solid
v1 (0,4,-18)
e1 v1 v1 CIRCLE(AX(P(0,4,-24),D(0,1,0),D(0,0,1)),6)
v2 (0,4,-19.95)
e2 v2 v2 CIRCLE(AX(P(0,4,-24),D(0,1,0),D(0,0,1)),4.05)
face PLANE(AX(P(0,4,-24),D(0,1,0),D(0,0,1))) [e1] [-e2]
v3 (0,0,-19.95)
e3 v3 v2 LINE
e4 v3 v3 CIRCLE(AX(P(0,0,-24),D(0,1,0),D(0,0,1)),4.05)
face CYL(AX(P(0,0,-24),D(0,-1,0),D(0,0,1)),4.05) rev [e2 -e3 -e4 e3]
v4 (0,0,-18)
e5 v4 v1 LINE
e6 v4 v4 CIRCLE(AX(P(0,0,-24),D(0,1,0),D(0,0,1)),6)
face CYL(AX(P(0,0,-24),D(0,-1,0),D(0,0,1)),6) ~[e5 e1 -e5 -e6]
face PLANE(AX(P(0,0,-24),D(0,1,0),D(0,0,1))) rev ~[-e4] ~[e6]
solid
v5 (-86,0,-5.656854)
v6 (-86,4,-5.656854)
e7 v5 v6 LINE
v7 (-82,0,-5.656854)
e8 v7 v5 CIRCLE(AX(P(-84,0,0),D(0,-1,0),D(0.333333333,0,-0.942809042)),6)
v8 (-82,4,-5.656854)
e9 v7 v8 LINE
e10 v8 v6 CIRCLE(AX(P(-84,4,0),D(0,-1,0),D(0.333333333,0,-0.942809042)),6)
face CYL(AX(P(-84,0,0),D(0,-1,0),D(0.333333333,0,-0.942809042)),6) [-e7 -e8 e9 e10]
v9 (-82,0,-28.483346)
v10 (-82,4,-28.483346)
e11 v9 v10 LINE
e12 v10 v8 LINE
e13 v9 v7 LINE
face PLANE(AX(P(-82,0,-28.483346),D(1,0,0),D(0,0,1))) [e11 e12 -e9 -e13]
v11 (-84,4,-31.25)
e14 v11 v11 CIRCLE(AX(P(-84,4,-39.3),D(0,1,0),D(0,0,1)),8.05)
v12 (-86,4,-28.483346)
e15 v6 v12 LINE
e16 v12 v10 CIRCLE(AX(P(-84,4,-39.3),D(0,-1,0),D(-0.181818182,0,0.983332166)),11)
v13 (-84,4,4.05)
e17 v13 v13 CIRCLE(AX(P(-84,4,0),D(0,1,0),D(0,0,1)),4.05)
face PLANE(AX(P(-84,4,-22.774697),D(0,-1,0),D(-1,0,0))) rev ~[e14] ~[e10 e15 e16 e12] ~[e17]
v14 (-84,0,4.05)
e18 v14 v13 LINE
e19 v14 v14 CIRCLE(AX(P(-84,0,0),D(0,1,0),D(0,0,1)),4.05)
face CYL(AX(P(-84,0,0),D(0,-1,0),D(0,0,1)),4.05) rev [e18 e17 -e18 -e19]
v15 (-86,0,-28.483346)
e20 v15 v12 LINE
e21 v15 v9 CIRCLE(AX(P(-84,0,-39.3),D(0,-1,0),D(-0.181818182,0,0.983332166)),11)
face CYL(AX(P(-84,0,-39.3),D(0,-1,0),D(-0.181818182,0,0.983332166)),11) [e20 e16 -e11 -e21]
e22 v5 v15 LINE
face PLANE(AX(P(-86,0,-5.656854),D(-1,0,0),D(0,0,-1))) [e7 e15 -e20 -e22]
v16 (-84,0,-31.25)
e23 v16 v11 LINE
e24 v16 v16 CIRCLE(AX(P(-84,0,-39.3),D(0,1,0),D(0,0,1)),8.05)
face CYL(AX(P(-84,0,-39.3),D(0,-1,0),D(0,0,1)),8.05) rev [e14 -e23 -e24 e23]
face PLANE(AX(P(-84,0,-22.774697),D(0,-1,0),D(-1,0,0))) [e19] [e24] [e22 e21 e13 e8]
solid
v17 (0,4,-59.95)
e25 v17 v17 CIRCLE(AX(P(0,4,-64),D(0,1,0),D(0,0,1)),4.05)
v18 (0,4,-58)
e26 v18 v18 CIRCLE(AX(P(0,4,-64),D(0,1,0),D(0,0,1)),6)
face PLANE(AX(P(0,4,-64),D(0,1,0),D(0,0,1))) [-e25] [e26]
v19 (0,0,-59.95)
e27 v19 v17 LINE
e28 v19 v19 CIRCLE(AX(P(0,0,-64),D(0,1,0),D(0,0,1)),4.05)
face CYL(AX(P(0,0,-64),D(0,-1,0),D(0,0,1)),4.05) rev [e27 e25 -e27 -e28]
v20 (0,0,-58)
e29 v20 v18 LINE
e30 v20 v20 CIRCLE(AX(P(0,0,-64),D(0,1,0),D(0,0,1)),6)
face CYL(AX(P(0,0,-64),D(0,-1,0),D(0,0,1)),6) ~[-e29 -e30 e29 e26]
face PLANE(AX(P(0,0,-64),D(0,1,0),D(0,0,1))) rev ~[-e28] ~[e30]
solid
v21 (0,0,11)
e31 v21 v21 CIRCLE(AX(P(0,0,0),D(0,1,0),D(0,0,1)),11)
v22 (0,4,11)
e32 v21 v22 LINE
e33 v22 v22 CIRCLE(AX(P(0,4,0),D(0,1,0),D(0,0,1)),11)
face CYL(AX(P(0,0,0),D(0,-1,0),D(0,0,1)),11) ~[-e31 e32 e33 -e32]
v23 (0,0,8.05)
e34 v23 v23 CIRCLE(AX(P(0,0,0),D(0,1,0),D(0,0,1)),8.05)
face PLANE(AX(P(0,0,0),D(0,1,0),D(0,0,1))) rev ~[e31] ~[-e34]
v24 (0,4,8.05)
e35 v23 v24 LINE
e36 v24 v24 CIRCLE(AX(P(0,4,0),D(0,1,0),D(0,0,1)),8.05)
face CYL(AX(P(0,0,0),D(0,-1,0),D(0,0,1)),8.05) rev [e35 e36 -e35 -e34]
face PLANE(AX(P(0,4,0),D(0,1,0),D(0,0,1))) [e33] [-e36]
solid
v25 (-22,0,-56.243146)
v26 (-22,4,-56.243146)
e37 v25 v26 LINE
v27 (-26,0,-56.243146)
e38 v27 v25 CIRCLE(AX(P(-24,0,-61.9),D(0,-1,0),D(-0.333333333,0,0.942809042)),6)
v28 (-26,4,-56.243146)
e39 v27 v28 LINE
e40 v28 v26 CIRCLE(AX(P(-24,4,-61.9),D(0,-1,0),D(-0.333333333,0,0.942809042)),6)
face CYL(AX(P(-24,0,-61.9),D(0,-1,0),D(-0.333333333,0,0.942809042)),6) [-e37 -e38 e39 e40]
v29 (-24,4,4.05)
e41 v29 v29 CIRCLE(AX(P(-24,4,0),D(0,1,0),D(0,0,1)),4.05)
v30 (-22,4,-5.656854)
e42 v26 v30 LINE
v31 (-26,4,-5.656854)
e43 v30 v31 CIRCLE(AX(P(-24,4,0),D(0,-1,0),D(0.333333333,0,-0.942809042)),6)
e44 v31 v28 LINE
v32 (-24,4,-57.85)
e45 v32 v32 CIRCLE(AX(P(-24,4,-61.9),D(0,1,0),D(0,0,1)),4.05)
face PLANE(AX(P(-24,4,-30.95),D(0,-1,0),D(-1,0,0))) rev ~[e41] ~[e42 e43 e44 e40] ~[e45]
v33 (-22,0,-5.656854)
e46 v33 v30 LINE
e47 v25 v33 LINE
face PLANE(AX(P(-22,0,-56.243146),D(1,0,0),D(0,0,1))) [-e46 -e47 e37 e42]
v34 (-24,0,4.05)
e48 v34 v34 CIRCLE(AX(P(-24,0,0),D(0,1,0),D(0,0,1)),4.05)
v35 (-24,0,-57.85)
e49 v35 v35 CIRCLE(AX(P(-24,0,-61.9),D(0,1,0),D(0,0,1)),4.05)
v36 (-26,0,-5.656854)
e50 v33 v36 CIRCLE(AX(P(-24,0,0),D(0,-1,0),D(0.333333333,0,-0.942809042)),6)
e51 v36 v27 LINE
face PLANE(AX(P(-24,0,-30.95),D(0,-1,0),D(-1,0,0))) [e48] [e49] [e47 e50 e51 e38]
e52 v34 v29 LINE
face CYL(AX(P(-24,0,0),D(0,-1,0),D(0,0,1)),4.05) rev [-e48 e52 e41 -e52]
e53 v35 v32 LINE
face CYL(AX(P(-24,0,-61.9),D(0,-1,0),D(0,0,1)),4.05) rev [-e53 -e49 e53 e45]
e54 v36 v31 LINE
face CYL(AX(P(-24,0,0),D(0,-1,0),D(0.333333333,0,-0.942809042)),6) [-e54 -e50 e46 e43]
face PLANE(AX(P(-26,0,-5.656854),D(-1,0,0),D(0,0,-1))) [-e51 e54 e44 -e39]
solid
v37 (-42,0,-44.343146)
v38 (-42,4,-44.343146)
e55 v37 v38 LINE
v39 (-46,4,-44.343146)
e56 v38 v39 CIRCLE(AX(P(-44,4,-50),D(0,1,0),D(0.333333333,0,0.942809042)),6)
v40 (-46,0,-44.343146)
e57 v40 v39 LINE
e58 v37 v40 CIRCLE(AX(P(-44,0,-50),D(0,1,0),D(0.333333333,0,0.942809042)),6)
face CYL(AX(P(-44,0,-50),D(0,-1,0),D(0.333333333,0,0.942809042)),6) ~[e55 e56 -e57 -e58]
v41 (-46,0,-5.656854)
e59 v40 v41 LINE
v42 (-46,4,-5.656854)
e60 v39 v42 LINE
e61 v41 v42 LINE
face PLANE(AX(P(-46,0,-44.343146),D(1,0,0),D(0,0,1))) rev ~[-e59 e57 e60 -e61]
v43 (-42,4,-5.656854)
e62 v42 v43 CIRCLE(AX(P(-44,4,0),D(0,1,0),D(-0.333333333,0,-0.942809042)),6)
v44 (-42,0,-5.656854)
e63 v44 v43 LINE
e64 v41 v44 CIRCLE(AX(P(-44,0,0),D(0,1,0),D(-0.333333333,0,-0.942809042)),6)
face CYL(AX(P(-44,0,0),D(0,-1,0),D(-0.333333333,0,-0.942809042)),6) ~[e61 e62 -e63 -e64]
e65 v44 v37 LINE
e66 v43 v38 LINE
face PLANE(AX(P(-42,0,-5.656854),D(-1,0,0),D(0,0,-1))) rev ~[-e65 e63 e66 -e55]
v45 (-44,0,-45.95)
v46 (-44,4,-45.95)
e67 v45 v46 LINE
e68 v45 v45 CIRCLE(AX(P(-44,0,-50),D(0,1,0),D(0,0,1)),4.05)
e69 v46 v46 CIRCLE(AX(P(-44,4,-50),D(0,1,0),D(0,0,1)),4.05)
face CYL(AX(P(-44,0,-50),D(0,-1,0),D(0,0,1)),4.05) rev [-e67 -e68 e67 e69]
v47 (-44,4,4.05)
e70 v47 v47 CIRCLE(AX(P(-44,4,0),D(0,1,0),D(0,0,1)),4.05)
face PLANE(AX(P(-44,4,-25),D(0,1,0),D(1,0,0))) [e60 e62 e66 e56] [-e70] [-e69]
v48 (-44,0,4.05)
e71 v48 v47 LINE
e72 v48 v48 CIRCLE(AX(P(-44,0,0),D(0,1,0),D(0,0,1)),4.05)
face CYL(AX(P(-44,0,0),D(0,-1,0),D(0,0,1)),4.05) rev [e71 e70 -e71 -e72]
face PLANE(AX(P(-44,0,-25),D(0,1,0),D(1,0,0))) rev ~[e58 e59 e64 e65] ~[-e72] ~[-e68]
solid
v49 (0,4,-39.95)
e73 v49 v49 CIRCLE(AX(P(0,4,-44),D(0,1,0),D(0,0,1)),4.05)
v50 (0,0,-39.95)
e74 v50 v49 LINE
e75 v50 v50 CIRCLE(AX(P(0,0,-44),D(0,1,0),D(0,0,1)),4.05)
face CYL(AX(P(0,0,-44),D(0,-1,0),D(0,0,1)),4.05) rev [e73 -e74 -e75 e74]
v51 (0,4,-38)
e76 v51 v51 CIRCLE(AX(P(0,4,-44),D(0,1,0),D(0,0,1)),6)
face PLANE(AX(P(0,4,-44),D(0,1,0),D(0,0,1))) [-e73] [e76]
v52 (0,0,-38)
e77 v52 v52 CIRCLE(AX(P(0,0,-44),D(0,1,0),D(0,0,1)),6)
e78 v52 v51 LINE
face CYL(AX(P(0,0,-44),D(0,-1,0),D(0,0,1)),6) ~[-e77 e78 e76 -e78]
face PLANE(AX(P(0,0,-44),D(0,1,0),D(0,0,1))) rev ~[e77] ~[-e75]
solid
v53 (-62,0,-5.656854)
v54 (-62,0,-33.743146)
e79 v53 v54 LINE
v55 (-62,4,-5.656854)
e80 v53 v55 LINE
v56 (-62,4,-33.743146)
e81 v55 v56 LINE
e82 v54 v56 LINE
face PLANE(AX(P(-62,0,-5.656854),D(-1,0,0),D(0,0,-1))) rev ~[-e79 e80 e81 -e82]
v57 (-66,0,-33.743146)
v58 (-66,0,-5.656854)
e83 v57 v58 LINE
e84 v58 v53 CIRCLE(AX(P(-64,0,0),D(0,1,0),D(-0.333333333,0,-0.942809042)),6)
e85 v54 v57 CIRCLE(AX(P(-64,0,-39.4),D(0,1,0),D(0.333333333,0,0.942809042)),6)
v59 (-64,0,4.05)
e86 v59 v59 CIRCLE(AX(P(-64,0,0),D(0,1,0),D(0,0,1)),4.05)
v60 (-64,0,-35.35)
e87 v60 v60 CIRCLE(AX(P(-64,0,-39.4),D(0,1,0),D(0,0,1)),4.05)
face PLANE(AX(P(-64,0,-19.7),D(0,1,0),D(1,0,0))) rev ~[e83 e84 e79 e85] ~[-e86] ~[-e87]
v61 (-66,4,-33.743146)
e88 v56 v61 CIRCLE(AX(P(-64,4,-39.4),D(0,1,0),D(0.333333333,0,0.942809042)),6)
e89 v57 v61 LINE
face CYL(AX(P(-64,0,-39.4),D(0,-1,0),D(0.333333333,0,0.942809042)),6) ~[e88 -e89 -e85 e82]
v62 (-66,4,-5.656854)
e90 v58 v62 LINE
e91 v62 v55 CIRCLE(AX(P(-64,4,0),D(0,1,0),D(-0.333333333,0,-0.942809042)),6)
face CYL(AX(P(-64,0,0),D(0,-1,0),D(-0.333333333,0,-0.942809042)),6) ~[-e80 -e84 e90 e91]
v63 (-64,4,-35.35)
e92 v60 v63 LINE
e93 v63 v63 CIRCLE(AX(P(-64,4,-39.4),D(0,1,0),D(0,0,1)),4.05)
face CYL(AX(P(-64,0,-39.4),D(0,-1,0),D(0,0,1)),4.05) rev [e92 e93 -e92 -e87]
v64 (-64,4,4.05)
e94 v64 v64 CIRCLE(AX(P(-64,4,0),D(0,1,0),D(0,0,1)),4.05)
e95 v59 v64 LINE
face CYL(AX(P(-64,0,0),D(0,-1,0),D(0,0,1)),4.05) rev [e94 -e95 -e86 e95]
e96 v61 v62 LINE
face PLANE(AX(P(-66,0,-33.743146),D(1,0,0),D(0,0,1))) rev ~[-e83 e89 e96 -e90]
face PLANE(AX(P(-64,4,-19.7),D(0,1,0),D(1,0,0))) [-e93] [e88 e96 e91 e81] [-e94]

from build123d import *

# Parameters (mm, degrees)
SKETCH_1_R        = 11
SKETCH_1_R_2      = 8.05
EXTRUDE_1_DEPTH   = 4
SKETCH_1_R_3      = 6
SKETCH_1_R_4      = 4.05
EXTRUDE_1_2_DEPTH = 4
EXTRUDE_1_3_DEPTH = 4
EXTRUDE_1_4_DEPTH = 4
EXTRUDE_1_5_DEPTH = 4
EXTRUDE_1_6_DEPTH = 4
EXTRUDE_1_7_DEPTH = 4
EXTRUDE_1_8_DEPTH = 4


with BuildPart() as part:
    # Эскиз1 → Бобышка-Вытянуть1 (new body)
    with BuildSketch(Plane(origin=(0, 0, 0), x_dir=(1, 0, 0), z_dir=(0, 1, 0))):
        with Locations(Location((0, 0, 0), (0, 0, 270))):
            Circle(SKETCH_1_R)
        with Locations(Location((0, 0, 0), (0, 0, 270))):
            Circle(SKETCH_1_R_2, mode=Mode.SUBTRACT)
    extrude(amount=EXTRUDE_1_DEPTH)


with BuildPart() as body_2:
    # Эскиз1 → Extrude 1 2 (new body)
    with BuildSketch(Plane(origin=(0, 0, 0), x_dir=(1, 0, 0), z_dir=(0, 1, 0))):
        with Locations(Location((0, 24, 0), (0, 0, 270))):
            Circle(SKETCH_1_R_3)
        with Locations(Location((0, 24, 0), (0, 0, 270))):
            Circle(SKETCH_1_R_4, mode=Mode.SUBTRACT)
    extrude(amount=EXTRUDE_1_2_DEPTH)


with BuildPart() as body_3:
    # Эскиз1 → Extrude 1 3 (new body)
    with BuildSketch(Plane(origin=(0, 0, 0), x_dir=(1, 0, 0), z_dir=(0, 1, 0))):
        with Locations(Location((0, 64, 0), (0, 0, 270))):
            Circle(SKETCH_1_R_3)
        with Locations(Location((0, 64, 0), (0, 0, 270))):
            Circle(SKETCH_1_R_4, mode=Mode.SUBTRACT)
    extrude(amount=EXTRUDE_1_3_DEPTH)


with BuildPart() as body_4:
    # Эскиз1 → Extrude 1 4 (new body)
    with BuildSketch(Plane(origin=(0, 0, 0), x_dir=(1, 0, 0), z_dir=(0, 1, 0))):
        with Locations(Location((0, 44, 0), (0, 0, 270))):
            Circle(SKETCH_1_R_3)
        with Locations(Location((0, 44, 0), (0, 0, 270))):
            Circle(SKETCH_1_R_4, mode=Mode.SUBTRACT)
    extrude(amount=EXTRUDE_1_4_DEPTH)


with BuildPart() as body_5:
    # Эскиз1 → Extrude 1 5 (new body)
    with BuildSketch(Plane(origin=(0, 0, 0), x_dir=(1, 0, 0), z_dir=(0, 1, 0))):
        with BuildLine():
            Line((-86, 5.656854249), (-86, 28.483346174))
            ThreePointArc((-86, 28.483346174), (-84, 50.3), (-82, 28.483346174))
            Line((-82, 28.483346174), (-82, 5.656854249))
            ThreePointArc((-82, 5.656854249), (-84, -6), (-86, 5.656854249))
        make_face()
        with Locations(Location((-84, 39.3, 0), (0, 0, 270))):
            Circle(SKETCH_1_R_2, mode=Mode.SUBTRACT)
        with Locations(Location((-84, 0, 0), (0, 0, 270))):
            Circle(SKETCH_1_R_4, mode=Mode.SUBTRACT)
    extrude(amount=EXTRUDE_1_5_DEPTH)


with BuildPart() as body_6:
    # Эскиз1 → Extrude 1 6 (new body)
    with BuildSketch(Plane(origin=(0, 0, 0), x_dir=(1, 0, 0), z_dir=(0, 1, 0))):
        with BuildLine():
            Line((-66, 33.743145751), (-66, 5.656854249))
            ThreePointArc((-66, 5.656854249), (-64, -6), (-62, 5.656854249))
            Line((-62, 5.656854249), (-62, 33.743145751))
            ThreePointArc((-62, 33.743145751), (-64, 45.4), (-66, 33.743145751))
        make_face()
        with Locations(Location((-64, 39.4, 0), (0, 0, 270))):
            Circle(SKETCH_1_R_4, mode=Mode.SUBTRACT)
        with Locations(Location((-64, 0, 0), (0, 0, 270))):
            Circle(SKETCH_1_R_4, mode=Mode.SUBTRACT)
    extrude(amount=EXTRUDE_1_6_DEPTH)


with BuildPart() as body_7:
    # Эскиз1 → Extrude 1 7 (new body)
    with BuildSketch(Plane(origin=(0, 0, 0), x_dir=(1, 0, 0), z_dir=(0, 1, 0))):
        with BuildLine():
            Line((-26, 5.656854249), (-26, 56.243145751))
            ThreePointArc((-26, 56.243145751), (-24, 67.9), (-22, 56.243145751))
            Line((-22, 56.243145751), (-22, 5.656854249))
            ThreePointArc((-22, 5.656854249), (-24, -6), (-26, 5.656854249))
        make_face()
        with Locations(Location((-24, 0, 0), (0, 0, 270))):
            Circle(SKETCH_1_R_4, mode=Mode.SUBTRACT)
        with Locations(Location((-24, 61.9, 0), (0, 0, 270))):
            Circle(SKETCH_1_R_4, mode=Mode.SUBTRACT)
    extrude(amount=EXTRUDE_1_7_DEPTH)


with BuildPart() as body_8:
    # Эскиз1 → Extrude 1 8 (new body)
    with BuildSketch(Plane(origin=(0, 0, 0), x_dir=(1, 0, 0), z_dir=(0, 1, 0))):
        with BuildLine():
            Line((-46, 44.343145751), (-46, 5.656854249))
            ThreePointArc((-46, 5.656854249), (-44, -6), (-42, 5.656854249))
            Line((-42, 5.656854249), (-42, 44.343145751))
            ThreePointArc((-42, 44.343145751), (-44, 56), (-46, 44.343145751))
        make_face()
        with Locations(Location((-44, 0, 0), (0, 0, 270))):
            Circle(SKETCH_1_R_4, mode=Mode.SUBTRACT)
        with Locations(Location((-44, 50, 0), (0, 0, 270))):
            Circle(SKETCH_1_R_4, mode=Mode.SUBTRACT)
    extrude(amount=EXTRUDE_1_8_DEPTH)


solid = Compound([part.part, body_2.part, body_3.part, body_4.part, body_5.part, body_6.part, body_7.part, body_8.part])
